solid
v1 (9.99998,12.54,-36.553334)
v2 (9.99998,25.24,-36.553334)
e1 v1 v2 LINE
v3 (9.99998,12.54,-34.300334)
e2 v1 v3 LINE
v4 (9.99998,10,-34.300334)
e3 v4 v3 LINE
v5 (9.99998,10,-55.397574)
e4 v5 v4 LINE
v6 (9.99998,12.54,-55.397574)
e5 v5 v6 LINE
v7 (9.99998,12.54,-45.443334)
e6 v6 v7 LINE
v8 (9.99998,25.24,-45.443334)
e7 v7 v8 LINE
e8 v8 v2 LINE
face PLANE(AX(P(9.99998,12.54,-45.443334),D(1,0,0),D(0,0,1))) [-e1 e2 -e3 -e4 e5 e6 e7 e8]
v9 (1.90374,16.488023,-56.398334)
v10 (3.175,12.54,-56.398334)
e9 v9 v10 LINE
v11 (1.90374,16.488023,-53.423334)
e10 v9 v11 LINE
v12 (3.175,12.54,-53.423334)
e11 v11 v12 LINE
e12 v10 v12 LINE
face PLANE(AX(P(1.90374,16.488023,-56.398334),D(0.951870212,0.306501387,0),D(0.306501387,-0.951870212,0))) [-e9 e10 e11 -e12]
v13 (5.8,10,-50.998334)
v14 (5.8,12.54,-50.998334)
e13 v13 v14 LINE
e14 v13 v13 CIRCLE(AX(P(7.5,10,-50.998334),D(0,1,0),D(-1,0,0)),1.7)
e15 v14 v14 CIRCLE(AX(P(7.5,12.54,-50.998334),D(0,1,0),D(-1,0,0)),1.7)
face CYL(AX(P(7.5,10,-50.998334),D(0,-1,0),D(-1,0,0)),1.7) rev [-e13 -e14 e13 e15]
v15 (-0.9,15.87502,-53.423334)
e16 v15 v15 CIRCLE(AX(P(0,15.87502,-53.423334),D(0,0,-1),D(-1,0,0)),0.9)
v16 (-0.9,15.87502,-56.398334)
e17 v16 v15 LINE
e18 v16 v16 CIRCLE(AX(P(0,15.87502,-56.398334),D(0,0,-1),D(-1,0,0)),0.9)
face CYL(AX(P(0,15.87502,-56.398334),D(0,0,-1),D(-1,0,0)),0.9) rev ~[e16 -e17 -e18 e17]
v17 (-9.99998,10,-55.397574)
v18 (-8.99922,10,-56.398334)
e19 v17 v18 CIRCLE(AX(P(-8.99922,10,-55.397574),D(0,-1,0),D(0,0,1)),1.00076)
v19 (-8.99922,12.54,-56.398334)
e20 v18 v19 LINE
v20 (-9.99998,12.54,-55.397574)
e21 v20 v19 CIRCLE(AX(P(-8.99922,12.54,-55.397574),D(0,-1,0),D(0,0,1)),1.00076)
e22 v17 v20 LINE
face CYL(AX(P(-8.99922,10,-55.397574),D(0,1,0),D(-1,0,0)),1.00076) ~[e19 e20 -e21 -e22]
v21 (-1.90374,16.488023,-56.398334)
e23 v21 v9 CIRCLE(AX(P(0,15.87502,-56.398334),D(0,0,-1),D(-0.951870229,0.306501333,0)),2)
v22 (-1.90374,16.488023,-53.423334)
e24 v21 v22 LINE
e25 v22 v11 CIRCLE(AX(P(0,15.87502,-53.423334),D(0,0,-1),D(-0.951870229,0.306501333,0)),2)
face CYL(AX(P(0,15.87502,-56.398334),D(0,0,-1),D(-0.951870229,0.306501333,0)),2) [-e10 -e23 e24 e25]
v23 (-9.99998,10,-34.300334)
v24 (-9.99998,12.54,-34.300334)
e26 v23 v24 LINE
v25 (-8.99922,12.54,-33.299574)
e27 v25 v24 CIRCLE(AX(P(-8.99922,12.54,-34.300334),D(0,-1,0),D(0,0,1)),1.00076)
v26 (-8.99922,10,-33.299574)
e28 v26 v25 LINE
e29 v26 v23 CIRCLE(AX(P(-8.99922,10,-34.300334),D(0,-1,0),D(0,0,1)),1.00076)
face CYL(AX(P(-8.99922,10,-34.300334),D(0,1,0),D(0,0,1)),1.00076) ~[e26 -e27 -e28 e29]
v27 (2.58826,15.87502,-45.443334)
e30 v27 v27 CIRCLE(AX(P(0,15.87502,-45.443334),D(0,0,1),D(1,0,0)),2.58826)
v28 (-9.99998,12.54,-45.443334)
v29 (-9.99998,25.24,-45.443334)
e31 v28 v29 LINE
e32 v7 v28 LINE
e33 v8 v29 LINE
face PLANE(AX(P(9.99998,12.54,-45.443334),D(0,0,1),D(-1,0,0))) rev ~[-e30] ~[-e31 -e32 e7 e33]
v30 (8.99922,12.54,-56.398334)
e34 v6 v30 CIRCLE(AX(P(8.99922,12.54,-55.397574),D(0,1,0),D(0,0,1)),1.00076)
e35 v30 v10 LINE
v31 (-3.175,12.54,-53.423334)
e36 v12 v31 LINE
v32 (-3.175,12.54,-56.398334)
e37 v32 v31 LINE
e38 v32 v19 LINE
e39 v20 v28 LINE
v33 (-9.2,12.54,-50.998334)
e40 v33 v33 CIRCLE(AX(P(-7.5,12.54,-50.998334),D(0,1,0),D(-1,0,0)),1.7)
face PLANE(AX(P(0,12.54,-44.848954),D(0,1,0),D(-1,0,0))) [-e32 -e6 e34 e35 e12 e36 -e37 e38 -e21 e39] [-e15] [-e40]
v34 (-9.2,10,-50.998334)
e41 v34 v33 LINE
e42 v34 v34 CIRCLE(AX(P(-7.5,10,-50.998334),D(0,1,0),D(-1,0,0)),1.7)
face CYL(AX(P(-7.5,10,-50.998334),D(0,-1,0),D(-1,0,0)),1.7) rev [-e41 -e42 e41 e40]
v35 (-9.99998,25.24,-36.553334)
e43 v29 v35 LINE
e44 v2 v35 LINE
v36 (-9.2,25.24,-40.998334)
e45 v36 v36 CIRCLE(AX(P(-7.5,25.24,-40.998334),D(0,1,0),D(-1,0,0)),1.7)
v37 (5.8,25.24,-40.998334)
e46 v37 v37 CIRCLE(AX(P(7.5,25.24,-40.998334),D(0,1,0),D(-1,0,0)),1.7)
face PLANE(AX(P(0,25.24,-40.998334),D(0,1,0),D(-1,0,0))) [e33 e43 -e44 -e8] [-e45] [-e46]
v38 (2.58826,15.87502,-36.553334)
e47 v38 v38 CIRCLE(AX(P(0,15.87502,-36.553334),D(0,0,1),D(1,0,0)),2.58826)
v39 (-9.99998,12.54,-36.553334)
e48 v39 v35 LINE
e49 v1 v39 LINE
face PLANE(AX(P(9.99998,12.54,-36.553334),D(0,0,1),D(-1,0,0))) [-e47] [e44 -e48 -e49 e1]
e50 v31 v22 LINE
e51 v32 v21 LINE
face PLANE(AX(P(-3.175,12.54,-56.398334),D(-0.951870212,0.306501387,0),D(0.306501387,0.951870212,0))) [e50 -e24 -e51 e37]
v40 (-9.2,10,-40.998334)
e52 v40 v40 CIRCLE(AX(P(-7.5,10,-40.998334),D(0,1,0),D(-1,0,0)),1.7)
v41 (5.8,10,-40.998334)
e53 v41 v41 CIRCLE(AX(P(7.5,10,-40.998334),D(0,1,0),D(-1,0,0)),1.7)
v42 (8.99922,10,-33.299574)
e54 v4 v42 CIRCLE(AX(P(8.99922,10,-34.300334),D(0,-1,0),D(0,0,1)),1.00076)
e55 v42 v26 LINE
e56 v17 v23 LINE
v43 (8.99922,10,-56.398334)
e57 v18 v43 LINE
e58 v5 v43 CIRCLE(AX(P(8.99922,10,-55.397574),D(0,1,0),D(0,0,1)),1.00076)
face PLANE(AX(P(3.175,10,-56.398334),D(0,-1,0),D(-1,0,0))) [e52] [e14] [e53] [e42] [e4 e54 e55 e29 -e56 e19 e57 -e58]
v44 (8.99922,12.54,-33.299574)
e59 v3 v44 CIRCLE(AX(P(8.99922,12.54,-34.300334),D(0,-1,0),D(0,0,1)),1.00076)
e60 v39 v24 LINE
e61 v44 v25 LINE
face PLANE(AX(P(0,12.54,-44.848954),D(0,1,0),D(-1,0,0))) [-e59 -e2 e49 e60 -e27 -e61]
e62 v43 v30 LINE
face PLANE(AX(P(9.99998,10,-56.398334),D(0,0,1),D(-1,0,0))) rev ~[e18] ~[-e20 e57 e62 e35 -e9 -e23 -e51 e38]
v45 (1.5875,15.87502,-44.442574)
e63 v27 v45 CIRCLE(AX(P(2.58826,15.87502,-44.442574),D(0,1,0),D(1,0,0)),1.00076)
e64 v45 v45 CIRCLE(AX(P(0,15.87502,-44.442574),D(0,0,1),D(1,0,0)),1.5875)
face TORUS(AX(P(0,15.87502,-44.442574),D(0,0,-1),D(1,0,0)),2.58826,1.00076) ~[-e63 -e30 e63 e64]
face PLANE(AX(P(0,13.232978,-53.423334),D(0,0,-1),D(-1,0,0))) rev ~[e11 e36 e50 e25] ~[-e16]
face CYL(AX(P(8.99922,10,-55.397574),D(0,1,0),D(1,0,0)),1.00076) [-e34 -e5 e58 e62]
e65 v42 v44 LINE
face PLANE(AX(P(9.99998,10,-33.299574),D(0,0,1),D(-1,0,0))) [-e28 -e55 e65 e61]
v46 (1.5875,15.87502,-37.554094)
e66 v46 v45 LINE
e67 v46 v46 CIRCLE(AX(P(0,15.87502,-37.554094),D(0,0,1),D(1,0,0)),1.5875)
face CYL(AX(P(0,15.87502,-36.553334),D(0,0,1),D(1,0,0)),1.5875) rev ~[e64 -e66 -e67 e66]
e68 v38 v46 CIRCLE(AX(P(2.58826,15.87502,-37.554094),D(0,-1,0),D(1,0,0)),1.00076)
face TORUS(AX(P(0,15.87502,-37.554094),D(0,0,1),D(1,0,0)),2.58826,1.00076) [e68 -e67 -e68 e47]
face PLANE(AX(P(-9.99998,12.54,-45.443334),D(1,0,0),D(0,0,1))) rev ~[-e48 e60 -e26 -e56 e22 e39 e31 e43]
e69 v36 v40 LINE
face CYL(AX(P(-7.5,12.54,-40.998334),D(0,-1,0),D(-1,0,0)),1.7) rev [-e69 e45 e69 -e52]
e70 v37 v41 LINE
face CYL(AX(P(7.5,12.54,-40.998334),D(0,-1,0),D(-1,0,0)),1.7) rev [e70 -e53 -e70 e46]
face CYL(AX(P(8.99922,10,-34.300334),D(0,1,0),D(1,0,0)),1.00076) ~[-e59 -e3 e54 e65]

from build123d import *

# Parameters (mm, degrees)
SKETCH036_W  = 19.99996
SKETCH036_H  = 23.09876
SKETCH036_R  = 1.7
PAD003_DEPTH = 2.54
SKETCH051_W  = 19.99996
SKETCH051_H  = 8.89
SKETCH051_R  = 1.7
PAD_DEPTH    = 12.7
SKETCH050_R  = 0.9
PAD011_DEPTH = 2.975
SKETCH_R     = 1.5875
POCKET_DEPTH = 8.89
FILLET_R     = 1.00076


with BuildPart() as part:
    # Sketch036 → Pad003 (new body)
    with BuildSketch(Plane(origin=(0, 10, -45.999574), x_dir=(-1, 0, 0), z_dir=(0, 1, 0))):
        with Locations((0, 1.15062)):
            Rectangle(SKETCH036_W, SKETCH036_H)
        with Locations((-7.5, 5.00124)):
            Circle(SKETCH036_R, mode=Mode.SUBTRACT)
        with Locations((-7.5, -4.99876)):
            Circle(SKETCH036_R, mode=Mode.SUBTRACT)
        with Locations((7.5, -4.99876)):
            Circle(SKETCH036_R, mode=Mode.SUBTRACT)
        with Locations((7.5, 5.00124)):
            Circle(SKETCH036_R, mode=Mode.SUBTRACT)
    extrude(amount=PAD003_DEPTH)

    # Sketch051 (on Face10 of Pad003) → Pad (join)
    with BuildSketch(Plane(origin=(0, 12.54, -45.999574), x_dir=(-1, 0, 0), z_dir=(0, 1, 0))):
        with Locations((0, 5.00124)):
            Rectangle(SKETCH051_W, SKETCH051_H)
        with Locations((-7.5, 5.00124)):
            Circle(SKETCH051_R, mode=Mode.SUBTRACT)
        with Locations((7.5, 5.00124)):
            Circle(SKETCH051_R, mode=Mode.SUBTRACT)
    extrude(amount=PAD_DEPTH)

    # Sketch050 → Pad011 (join)
    with BuildSketch(Plane(origin=(0, 10, -56.398334), x_dir=(-1, 0, 0), z_dir=(0, 0, -1))):
        with BuildLine():
            Line((-3.175, 2.54), (-3.175, 0))
            Line((-3.175, 0), (3.175, 0))
            Line((3.175, 0), (3.175, 2.54))
            Line((3.175, 2.54), (1.90374, 6.488023))
            ThreePointArc((1.90374, 6.488023), (0, 7.87502), (-1.90374, 6.488023))
            Line((-1.90374, 6.488023), (-3.175, 2.54))
        make_face()
        with Locations((0, 5.87502)):
            Circle(SKETCH050_R, mode=Mode.SUBTRACT)
    extrude(amount=-PAD011_DEPTH)

    # Sketch (on Face16 of Pad011) → Pocket (cut)
    with BuildSketch(Plane(origin=(0, 10, -36.553334), x_dir=(1, 0, 0), z_dir=(0, 0, 1))):
        with Locations((0, 5.87502)):
            Circle(SKETCH_R)
    extrude(amount=-POCKET_DEPTH, mode=Mode.SUBTRACT)

    # Fillet
    fillet_edges = [part.edges().sort_by_distance(p)[0] for p in [
        (-1.5875, 15.87502, -36.553334),
        (-1.5875, 15.87502, -45.443334),
        (9.99998, 11.27, -33.299574),
        (-9.99998, 11.27, -33.299574),
        (9.99998, 11.27, -56.398334),
        (-9.99998, 11.27, -56.398334),
    ]]
    fillet(fillet_edges, radius=FILLET_R)


solid = part.part
